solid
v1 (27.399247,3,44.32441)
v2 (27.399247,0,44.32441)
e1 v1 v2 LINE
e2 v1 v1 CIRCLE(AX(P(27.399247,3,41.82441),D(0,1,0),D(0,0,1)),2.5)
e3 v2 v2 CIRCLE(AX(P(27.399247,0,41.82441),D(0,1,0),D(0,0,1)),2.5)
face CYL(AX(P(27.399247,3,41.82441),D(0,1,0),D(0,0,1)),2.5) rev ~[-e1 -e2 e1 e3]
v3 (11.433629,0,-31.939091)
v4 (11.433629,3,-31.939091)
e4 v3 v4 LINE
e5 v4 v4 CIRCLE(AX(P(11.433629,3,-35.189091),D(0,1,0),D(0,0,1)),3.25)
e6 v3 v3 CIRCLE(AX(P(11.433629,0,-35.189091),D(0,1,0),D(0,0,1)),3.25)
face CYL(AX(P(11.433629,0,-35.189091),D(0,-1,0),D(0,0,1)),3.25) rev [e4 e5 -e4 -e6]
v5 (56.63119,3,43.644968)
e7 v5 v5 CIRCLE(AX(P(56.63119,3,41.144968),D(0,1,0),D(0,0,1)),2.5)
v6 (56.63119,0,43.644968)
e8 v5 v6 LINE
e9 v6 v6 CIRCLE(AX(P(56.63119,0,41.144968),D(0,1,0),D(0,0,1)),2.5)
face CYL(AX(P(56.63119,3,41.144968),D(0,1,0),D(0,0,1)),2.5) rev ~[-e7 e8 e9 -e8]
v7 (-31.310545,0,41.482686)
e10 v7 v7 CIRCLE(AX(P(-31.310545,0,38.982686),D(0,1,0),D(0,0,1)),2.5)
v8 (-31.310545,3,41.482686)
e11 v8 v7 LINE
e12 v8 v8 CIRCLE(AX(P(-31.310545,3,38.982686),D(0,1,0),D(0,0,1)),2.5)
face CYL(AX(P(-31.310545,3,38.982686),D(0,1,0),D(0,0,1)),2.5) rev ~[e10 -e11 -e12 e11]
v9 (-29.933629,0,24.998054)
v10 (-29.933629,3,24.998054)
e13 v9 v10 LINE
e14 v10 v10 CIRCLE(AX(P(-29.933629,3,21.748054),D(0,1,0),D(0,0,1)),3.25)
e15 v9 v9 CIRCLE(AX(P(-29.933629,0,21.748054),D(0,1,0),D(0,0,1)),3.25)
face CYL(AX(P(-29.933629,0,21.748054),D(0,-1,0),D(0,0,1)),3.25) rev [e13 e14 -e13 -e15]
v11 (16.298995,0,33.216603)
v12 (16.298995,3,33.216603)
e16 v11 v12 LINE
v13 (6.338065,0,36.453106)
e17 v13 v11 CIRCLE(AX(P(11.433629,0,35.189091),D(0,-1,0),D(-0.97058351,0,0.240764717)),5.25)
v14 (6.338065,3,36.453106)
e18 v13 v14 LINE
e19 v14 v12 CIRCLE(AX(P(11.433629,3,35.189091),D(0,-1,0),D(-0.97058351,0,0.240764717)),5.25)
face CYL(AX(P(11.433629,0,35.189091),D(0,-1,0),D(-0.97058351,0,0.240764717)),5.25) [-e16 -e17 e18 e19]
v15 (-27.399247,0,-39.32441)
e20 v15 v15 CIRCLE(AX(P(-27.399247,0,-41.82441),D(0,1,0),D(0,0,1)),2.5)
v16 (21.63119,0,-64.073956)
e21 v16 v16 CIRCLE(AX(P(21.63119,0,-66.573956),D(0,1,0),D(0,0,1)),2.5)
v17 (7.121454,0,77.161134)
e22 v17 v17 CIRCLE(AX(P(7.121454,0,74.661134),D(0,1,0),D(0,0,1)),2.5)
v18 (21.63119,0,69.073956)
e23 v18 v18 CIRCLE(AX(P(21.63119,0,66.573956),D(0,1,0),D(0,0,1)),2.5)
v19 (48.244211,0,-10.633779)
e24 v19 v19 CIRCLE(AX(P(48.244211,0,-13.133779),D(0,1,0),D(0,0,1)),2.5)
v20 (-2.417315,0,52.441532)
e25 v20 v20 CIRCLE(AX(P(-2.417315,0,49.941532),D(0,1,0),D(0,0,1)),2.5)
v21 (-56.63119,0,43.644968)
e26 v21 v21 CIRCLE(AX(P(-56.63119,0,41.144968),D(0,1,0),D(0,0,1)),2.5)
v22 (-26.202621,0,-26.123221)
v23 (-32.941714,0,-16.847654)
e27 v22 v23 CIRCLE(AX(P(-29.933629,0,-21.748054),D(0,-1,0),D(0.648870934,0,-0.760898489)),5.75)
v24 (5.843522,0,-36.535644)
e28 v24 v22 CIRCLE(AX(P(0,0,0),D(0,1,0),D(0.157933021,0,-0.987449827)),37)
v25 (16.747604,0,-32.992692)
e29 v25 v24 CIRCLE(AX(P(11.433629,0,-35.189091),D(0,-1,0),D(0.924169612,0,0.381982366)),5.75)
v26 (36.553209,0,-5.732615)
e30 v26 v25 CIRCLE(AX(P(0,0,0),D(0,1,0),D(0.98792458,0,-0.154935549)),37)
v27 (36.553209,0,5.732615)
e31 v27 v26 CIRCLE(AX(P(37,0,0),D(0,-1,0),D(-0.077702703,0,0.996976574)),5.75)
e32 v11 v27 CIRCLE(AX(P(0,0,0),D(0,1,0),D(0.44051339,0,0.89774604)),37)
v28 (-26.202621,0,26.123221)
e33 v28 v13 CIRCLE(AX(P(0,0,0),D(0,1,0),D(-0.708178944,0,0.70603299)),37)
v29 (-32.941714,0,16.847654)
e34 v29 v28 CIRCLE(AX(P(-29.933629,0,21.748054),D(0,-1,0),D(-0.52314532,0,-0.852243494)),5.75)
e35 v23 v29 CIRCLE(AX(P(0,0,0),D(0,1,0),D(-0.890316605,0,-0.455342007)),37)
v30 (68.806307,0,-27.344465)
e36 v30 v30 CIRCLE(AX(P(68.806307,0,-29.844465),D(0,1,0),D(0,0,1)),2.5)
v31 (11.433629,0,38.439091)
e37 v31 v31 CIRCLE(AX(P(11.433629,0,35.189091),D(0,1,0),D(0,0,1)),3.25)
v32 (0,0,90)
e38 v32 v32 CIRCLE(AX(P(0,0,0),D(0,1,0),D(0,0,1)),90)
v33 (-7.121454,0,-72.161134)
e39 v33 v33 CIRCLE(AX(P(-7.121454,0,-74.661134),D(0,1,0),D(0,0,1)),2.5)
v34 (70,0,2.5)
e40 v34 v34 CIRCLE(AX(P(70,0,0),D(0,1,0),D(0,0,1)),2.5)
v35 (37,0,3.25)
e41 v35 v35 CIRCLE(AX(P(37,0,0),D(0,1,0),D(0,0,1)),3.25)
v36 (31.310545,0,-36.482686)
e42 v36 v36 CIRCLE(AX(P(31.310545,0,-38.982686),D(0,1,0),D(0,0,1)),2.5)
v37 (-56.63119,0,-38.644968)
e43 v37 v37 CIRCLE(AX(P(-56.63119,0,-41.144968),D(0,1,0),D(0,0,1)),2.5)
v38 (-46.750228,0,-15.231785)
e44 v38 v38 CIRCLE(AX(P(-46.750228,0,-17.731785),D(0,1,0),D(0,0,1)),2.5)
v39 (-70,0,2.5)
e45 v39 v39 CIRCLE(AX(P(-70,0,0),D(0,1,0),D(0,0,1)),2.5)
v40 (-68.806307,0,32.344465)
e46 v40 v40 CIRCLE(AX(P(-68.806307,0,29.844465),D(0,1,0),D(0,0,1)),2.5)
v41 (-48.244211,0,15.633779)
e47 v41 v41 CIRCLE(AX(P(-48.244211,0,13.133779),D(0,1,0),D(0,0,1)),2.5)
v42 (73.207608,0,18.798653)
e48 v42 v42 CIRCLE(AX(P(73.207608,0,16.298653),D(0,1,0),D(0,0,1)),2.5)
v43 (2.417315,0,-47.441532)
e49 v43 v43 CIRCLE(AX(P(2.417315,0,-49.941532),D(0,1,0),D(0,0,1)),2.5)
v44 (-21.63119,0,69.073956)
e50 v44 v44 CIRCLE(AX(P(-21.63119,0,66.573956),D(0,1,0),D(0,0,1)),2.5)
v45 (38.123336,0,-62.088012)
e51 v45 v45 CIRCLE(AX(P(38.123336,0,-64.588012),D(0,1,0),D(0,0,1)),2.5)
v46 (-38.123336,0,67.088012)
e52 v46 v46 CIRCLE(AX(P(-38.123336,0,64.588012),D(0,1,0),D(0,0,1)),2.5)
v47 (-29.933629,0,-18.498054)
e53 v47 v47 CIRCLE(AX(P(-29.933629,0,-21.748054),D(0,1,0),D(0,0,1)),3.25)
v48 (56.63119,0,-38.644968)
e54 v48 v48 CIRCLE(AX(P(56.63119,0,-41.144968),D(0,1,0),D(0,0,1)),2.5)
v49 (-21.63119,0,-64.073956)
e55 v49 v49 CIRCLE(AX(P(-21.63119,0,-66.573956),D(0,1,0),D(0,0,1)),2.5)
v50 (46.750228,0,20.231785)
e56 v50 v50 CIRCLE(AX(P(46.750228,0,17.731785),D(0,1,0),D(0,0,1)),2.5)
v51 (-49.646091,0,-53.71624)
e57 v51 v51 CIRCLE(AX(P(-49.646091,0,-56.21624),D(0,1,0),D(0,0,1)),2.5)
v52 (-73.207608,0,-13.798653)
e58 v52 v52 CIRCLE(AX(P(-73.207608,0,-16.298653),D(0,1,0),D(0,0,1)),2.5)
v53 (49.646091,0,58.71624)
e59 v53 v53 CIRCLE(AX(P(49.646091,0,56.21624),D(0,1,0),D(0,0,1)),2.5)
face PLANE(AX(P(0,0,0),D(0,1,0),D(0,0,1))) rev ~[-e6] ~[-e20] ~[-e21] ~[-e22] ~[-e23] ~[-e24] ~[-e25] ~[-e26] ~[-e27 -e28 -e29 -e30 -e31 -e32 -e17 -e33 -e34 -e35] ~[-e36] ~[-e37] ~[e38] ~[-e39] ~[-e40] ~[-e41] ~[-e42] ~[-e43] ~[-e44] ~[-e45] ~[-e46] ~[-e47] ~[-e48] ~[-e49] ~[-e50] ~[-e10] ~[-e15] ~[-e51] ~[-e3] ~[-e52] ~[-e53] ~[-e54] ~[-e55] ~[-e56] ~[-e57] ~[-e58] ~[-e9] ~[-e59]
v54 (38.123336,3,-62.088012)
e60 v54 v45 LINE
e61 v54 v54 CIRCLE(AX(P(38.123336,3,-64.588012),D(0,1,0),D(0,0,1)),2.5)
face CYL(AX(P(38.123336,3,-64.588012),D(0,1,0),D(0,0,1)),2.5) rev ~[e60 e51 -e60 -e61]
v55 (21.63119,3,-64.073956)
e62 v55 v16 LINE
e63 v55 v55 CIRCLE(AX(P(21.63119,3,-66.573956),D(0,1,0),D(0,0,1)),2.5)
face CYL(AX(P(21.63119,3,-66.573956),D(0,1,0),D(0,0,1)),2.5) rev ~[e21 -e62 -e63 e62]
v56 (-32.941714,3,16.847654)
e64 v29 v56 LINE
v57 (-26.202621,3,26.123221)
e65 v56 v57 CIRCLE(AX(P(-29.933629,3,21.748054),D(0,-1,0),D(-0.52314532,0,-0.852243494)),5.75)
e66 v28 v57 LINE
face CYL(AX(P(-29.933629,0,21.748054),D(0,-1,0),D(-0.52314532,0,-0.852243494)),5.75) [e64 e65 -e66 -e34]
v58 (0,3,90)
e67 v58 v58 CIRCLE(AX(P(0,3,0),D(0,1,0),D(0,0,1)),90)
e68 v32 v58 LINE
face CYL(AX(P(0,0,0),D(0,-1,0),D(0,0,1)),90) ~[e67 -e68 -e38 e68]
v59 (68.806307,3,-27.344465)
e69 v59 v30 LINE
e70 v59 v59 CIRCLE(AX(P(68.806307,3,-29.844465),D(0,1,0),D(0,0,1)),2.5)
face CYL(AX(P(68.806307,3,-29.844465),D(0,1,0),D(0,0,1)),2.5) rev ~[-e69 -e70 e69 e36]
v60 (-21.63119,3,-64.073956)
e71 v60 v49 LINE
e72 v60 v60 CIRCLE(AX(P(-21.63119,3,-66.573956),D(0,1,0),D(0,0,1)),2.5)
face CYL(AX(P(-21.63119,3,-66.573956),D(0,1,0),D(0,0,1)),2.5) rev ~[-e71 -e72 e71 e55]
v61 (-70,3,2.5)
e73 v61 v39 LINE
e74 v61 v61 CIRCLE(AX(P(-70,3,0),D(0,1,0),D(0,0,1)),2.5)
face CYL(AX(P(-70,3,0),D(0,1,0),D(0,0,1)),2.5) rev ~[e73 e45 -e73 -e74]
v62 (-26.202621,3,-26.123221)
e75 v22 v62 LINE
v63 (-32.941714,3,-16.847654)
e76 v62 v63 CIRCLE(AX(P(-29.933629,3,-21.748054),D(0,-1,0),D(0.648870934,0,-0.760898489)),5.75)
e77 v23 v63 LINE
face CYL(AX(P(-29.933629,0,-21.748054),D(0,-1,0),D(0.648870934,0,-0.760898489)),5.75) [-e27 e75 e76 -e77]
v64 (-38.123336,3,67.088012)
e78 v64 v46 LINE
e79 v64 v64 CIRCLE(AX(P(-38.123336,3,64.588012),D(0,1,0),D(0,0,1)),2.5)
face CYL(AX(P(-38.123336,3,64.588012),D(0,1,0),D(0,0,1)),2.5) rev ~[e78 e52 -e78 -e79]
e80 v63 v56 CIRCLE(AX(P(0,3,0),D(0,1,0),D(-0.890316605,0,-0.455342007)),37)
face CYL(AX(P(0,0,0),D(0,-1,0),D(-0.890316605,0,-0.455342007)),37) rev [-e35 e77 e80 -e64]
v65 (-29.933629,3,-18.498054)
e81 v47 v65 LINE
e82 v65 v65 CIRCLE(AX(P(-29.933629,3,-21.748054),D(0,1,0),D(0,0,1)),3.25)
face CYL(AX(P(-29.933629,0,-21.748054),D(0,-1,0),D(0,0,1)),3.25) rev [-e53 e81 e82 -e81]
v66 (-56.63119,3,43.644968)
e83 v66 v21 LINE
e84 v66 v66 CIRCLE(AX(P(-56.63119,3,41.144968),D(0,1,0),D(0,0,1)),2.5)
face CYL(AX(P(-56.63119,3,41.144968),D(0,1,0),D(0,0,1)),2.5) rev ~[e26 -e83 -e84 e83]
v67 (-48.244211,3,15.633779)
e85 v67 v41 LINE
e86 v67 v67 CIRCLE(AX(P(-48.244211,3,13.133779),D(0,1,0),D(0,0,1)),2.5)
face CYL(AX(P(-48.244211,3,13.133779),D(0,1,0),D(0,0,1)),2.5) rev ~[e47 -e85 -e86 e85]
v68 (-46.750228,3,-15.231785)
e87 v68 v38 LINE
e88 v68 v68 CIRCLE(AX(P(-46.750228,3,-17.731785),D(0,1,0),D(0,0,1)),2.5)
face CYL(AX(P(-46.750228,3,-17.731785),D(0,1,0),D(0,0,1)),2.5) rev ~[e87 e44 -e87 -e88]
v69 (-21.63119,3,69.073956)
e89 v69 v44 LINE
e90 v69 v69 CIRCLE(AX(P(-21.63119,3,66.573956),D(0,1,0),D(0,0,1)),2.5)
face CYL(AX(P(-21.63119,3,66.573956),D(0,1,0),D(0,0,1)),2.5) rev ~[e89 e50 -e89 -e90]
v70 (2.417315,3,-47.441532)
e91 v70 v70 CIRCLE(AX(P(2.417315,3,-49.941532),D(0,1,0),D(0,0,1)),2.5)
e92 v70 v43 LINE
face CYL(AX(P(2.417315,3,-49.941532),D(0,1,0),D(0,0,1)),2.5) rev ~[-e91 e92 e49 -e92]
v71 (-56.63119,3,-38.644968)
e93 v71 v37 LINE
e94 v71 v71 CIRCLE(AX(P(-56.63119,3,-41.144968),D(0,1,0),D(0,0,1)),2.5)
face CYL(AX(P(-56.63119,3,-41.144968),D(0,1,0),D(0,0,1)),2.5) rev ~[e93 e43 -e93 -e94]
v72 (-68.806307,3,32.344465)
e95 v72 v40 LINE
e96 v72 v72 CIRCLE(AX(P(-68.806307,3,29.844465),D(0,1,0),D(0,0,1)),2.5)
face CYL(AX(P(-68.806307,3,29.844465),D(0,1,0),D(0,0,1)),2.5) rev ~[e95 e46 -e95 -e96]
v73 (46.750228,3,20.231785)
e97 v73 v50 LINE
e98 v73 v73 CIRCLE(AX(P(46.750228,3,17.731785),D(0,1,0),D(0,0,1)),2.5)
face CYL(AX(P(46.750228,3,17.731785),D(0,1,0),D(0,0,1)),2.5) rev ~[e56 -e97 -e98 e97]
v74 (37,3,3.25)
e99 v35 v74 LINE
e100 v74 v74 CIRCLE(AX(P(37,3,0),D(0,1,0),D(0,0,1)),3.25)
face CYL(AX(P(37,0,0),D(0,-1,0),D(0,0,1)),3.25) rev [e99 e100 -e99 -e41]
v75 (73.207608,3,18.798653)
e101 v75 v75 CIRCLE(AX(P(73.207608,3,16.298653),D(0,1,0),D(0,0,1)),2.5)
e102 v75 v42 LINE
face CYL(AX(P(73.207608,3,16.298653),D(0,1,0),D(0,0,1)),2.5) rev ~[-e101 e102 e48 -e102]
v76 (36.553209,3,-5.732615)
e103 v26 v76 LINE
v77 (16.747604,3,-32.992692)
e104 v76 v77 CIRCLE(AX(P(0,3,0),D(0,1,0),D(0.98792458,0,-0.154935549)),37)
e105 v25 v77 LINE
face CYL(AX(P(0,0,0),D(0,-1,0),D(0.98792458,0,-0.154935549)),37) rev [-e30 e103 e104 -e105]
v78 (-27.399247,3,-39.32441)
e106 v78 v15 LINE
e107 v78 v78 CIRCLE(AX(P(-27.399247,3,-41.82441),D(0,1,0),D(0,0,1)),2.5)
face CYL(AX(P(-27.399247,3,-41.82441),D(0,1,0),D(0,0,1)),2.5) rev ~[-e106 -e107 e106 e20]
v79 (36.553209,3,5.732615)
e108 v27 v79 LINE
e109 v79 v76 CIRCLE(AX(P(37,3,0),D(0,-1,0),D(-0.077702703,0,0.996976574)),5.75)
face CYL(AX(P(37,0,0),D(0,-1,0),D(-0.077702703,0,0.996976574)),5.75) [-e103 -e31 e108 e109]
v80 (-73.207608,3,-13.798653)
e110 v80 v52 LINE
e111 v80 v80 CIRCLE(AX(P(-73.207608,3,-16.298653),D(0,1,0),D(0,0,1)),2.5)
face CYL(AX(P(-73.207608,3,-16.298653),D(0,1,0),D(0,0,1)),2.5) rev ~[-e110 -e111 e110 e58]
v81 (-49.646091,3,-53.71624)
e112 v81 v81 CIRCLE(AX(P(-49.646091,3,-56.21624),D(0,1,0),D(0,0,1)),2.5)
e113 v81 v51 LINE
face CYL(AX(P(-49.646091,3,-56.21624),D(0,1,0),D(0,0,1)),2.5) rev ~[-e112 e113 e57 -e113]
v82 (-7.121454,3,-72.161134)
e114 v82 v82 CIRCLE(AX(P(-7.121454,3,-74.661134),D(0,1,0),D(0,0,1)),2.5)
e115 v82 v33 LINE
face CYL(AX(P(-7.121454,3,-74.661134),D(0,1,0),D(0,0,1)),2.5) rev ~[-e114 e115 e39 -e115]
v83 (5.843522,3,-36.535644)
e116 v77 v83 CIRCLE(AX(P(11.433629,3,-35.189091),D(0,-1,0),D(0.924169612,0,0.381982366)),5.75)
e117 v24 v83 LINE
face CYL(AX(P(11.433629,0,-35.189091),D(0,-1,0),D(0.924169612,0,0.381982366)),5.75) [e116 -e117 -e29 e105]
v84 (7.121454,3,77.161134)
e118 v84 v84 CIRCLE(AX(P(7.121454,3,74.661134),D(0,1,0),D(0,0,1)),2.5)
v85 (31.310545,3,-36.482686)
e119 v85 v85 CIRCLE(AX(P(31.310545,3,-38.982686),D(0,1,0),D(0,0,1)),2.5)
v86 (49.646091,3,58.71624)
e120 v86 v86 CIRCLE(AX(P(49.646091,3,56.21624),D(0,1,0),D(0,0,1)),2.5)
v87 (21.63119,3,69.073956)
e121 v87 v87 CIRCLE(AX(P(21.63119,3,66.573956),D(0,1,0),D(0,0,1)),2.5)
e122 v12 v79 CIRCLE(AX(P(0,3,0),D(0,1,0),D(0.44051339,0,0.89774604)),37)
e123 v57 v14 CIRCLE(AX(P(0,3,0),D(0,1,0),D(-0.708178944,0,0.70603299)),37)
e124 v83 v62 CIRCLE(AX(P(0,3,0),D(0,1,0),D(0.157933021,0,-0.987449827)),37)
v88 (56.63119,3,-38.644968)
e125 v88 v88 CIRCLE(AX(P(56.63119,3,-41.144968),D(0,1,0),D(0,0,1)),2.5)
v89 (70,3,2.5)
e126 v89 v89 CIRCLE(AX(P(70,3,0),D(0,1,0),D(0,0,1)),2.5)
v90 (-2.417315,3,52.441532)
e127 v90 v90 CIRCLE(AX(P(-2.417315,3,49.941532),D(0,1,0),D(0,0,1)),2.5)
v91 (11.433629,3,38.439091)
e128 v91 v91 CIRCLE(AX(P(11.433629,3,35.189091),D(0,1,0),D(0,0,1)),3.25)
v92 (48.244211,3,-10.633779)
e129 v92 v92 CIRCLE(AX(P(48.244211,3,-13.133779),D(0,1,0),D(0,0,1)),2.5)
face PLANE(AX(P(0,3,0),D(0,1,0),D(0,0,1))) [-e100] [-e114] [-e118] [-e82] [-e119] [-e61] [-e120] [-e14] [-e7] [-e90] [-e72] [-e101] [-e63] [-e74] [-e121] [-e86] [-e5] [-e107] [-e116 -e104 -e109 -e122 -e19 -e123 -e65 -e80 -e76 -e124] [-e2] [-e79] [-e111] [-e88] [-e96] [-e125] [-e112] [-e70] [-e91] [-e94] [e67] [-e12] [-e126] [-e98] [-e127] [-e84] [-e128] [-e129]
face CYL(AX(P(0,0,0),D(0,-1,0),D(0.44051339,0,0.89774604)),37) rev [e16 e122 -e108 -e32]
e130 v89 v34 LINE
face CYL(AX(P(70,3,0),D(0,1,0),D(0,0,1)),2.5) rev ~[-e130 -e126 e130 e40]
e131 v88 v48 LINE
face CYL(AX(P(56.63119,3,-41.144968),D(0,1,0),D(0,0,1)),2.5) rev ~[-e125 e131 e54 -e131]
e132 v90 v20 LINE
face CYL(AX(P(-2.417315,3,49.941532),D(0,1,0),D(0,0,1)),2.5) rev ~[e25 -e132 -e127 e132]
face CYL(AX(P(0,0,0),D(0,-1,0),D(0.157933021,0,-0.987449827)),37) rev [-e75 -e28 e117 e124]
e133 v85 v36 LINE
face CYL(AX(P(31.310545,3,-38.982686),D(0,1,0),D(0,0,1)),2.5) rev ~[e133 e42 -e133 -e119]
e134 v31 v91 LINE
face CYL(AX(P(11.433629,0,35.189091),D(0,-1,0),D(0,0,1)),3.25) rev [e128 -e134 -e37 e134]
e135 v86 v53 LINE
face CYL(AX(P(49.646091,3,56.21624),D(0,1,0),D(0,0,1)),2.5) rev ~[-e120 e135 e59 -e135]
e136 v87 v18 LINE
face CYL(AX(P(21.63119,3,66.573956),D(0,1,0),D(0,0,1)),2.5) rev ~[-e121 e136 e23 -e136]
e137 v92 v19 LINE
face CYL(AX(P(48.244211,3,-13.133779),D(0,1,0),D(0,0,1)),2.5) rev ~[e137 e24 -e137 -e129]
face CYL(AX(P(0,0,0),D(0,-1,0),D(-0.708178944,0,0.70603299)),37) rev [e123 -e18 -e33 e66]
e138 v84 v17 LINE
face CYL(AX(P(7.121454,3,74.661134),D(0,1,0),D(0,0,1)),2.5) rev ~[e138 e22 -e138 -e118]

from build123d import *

# Parameters (mm, degrees)
SKETCH1_R           = 90
SKETCH1_R_2         = 3.25
BOSS_EXTRUDE1_DEPTH = 3
SKETCH2_R           = 2.5
CUT_EXTRUDE1_DEPTH  = 3


with BuildPart() as part:
    # Sketch1 → Boss-Extrude1 (new body)
    with BuildSketch(Plane(origin=(0, 0, 0), x_dir=(1, 0, 0), z_dir=(0, 1, 0))):
        with Locations(Location((0, 0, 0), (0, 0, 270))):
            Circle(SKETCH1_R)
        with Locations(Location((37, 0, 0), (0, 0, 270))):
            Circle(SKETCH1_R_2, mode=Mode.SUBTRACT)
        with Locations(Location((11.433628792, -35.189091103, 0), (0, 0, 270))):
            Circle(SKETCH1_R_2, mode=Mode.SUBTRACT)
        with Locations(Location((-29.933628792, -21.748054335, 0), (0, 0, 270))):
            Circle(SKETCH1_R_2, mode=Mode.SUBTRACT)
        with Locations(Location((-29.933628792, 21.748054335, 0), (0, 0, 270))):
            Circle(SKETCH1_R_2, mode=Mode.SUBTRACT)
        with Locations(Location((11.433628792, 35.189091103, 0), (0, 0, 270))):
            Circle(SKETCH1_R_2, mode=Mode.SUBTRACT)
        with BuildLine():
            ThreePointArc((-32.941714384, 16.847654242), (-37, 0), (-32.941714384, -16.847654242))
            ThreePointArc((-32.941714384, -16.847654242), (-25.281781074, -18.368289134), (-26.202620919, -26.123220647))
            ThreePointArc((-26.202620919, -26.123220647), (-11.194944129, -35.265751459), (6.338065362, -36.453105869))
            ThreePointArc((6.338065362, -36.453105869), (9.811289571, -30.196044392), (16.298995441, -33.216603493))
            ThreePointArc((16.298995441, -33.216603493), (29.78558867, -21.95036919), (36.553209459, -5.732615303))
            ThreePointArc((36.553209459, -5.732615303), (31.25, 0), (36.553209459, 5.732615303))
            ThreePointArc((36.553209459, 5.732615303), (29.933628792, 21.748054335), (16.747604061, 32.992692497))
            ThreePointArc((16.747604061, 32.992692497), (9.656781074, 29.720516134), (5.843521783, 36.535643599))
            ThreePointArc((5.843521783, 36.535643599), (-11.433628792, 35.189091103), (-26.202620919, 26.123220647))
            ThreePointArc((-26.202620919, 26.123220647), (-25.281781074, 18.368289134), (-32.941714384, 16.847654242))
        make_face(mode=Mode.SUBTRACT)
    extrude(amount=BOSS_EXTRUDE1_DEPTH)

    # Sketch2 → Cut-Extrude1 (cut)
    with BuildSketch(Plane(origin=(0, 3, 0), x_dir=(1, 0, 0), z_dir=(0, 1, 0))):
        with Locations(Location((70, 0, 0), (0, 0, 270))):
            Circle(SKETCH2_R)
        with Locations(Location((48.244210623, 13.133778641, 0), (0, 0, 270))):
            Circle(SKETCH2_R)
        with Locations(Location((68.806307277, 29.844464796, 0), (0, 0, 270))):
            Circle(SKETCH2_R)
        with Locations(Location((73.207608177, -16.298653474, 0), (0, 0, 270))):
            Circle(SKETCH2_R)
        with Locations(Location((46.750227666, -17.731785391, 0), (0, 0, 270))):
            Circle(SKETCH2_R)
        with Locations(Location((56.631189606, -41.14496766, 0), (0, 0, 270))):
            Circle(SKETCH2_R)
        with Locations(Location((49.646090988, -56.216240088, 0), (0, 0, 270))):
            Circle(SKETCH2_R)
        with Locations(Location((27.399246723, -41.824410086, 0), (0, 0, 270))):
            Circle(SKETCH2_R)
        with Locations(Location((21.631189606, -66.573956141, 0), (0, 0, 270))):
            Circle(SKETCH2_R)
        with Locations(Location((7.121454451, -74.661133708, 0), (0, 0, 270))):
            Circle(SKETCH2_R)
        with Locations(Location((-2.417315202, -49.941531687, 0), (0, 0, 270))):
            Circle(SKETCH2_R)
        with Locations(Location((-21.631189606, -66.573956141, 0), (0, 0, 270))):
            Circle(SKETCH2_R)
        with Locations(Location((-38.123335637, -64.58801189, 0), (0, 0, 270))):
            Circle(SKETCH2_R)
        with Locations(Location((-31.310544882, -38.982685634, 0), (0, 0, 270))):
            Circle(SKETCH2_R)
        with Locations(Location((-56.631189606, -41.14496766, 0), (0, 0, 270))):
            Circle(SKETCH2_R)
        with Locations(Location((-68.806307277, -29.844464796, 0), (0, 0, 270))):
            Circle(SKETCH2_R)
        with Locations(Location((-48.244210623, -13.133778641, 0), (0, 0, 270))):
            Circle(SKETCH2_R)
        with Locations(Location((-70, 0, 0), (0, 0, 270))):
            Circle(SKETCH2_R)
        with Locations(Location((-73.207608177, 16.298653474, 0), (0, 0, 270))):
            Circle(SKETCH2_R)
        with Locations(Location((-46.750227666, 17.731785391, 0), (0, 0, 270))):
            Circle(SKETCH2_R)
        with Locations(Location((-56.631189606, 41.14496766, 0), (0, 0, 270))):
            Circle(SKETCH2_R)
        with Locations(Location((-49.646090988, 56.216240088, 0), (0, 0, 270))):
            Circle(SKETCH2_R)
        with Locations(Location((-27.399246723, 41.824410086, 0), (0, 0, 270))):
            Circle(SKETCH2_R)
        with Locations(Location((-21.631189606, 66.573956141, 0), (0, 0, 270))):
            Circle(SKETCH2_R)
        with Locations(Location((-7.121454451, 74.661133708, 0), (0, 0, 270))):
            Circle(SKETCH2_R)
        with Locations(Location((2.417315202, 49.941531687, 0), (0, 0, 270))):
            Circle(SKETCH2_R)
        with Locations(Location((21.631189606, 66.573956141, 0), (0, 0, 270))):
            Circle(SKETCH2_R)
        with Locations(Location((38.123335637, 64.58801189, 0), (0, 0, 270))):
            Circle(SKETCH2_R)
        with Locations(Location((31.310544882, 38.982685634, 0), (0, 0, 270))):
            Circle(SKETCH2_R)
        with Locations(Location((56.631189606, 41.14496766, 0), (0, 0, 270))):
            Circle(SKETCH2_R)
    extrude(amount=-CUT_EXTRUDE1_DEPTH, mode=Mode.SUBTRACT)


solid = part.part
